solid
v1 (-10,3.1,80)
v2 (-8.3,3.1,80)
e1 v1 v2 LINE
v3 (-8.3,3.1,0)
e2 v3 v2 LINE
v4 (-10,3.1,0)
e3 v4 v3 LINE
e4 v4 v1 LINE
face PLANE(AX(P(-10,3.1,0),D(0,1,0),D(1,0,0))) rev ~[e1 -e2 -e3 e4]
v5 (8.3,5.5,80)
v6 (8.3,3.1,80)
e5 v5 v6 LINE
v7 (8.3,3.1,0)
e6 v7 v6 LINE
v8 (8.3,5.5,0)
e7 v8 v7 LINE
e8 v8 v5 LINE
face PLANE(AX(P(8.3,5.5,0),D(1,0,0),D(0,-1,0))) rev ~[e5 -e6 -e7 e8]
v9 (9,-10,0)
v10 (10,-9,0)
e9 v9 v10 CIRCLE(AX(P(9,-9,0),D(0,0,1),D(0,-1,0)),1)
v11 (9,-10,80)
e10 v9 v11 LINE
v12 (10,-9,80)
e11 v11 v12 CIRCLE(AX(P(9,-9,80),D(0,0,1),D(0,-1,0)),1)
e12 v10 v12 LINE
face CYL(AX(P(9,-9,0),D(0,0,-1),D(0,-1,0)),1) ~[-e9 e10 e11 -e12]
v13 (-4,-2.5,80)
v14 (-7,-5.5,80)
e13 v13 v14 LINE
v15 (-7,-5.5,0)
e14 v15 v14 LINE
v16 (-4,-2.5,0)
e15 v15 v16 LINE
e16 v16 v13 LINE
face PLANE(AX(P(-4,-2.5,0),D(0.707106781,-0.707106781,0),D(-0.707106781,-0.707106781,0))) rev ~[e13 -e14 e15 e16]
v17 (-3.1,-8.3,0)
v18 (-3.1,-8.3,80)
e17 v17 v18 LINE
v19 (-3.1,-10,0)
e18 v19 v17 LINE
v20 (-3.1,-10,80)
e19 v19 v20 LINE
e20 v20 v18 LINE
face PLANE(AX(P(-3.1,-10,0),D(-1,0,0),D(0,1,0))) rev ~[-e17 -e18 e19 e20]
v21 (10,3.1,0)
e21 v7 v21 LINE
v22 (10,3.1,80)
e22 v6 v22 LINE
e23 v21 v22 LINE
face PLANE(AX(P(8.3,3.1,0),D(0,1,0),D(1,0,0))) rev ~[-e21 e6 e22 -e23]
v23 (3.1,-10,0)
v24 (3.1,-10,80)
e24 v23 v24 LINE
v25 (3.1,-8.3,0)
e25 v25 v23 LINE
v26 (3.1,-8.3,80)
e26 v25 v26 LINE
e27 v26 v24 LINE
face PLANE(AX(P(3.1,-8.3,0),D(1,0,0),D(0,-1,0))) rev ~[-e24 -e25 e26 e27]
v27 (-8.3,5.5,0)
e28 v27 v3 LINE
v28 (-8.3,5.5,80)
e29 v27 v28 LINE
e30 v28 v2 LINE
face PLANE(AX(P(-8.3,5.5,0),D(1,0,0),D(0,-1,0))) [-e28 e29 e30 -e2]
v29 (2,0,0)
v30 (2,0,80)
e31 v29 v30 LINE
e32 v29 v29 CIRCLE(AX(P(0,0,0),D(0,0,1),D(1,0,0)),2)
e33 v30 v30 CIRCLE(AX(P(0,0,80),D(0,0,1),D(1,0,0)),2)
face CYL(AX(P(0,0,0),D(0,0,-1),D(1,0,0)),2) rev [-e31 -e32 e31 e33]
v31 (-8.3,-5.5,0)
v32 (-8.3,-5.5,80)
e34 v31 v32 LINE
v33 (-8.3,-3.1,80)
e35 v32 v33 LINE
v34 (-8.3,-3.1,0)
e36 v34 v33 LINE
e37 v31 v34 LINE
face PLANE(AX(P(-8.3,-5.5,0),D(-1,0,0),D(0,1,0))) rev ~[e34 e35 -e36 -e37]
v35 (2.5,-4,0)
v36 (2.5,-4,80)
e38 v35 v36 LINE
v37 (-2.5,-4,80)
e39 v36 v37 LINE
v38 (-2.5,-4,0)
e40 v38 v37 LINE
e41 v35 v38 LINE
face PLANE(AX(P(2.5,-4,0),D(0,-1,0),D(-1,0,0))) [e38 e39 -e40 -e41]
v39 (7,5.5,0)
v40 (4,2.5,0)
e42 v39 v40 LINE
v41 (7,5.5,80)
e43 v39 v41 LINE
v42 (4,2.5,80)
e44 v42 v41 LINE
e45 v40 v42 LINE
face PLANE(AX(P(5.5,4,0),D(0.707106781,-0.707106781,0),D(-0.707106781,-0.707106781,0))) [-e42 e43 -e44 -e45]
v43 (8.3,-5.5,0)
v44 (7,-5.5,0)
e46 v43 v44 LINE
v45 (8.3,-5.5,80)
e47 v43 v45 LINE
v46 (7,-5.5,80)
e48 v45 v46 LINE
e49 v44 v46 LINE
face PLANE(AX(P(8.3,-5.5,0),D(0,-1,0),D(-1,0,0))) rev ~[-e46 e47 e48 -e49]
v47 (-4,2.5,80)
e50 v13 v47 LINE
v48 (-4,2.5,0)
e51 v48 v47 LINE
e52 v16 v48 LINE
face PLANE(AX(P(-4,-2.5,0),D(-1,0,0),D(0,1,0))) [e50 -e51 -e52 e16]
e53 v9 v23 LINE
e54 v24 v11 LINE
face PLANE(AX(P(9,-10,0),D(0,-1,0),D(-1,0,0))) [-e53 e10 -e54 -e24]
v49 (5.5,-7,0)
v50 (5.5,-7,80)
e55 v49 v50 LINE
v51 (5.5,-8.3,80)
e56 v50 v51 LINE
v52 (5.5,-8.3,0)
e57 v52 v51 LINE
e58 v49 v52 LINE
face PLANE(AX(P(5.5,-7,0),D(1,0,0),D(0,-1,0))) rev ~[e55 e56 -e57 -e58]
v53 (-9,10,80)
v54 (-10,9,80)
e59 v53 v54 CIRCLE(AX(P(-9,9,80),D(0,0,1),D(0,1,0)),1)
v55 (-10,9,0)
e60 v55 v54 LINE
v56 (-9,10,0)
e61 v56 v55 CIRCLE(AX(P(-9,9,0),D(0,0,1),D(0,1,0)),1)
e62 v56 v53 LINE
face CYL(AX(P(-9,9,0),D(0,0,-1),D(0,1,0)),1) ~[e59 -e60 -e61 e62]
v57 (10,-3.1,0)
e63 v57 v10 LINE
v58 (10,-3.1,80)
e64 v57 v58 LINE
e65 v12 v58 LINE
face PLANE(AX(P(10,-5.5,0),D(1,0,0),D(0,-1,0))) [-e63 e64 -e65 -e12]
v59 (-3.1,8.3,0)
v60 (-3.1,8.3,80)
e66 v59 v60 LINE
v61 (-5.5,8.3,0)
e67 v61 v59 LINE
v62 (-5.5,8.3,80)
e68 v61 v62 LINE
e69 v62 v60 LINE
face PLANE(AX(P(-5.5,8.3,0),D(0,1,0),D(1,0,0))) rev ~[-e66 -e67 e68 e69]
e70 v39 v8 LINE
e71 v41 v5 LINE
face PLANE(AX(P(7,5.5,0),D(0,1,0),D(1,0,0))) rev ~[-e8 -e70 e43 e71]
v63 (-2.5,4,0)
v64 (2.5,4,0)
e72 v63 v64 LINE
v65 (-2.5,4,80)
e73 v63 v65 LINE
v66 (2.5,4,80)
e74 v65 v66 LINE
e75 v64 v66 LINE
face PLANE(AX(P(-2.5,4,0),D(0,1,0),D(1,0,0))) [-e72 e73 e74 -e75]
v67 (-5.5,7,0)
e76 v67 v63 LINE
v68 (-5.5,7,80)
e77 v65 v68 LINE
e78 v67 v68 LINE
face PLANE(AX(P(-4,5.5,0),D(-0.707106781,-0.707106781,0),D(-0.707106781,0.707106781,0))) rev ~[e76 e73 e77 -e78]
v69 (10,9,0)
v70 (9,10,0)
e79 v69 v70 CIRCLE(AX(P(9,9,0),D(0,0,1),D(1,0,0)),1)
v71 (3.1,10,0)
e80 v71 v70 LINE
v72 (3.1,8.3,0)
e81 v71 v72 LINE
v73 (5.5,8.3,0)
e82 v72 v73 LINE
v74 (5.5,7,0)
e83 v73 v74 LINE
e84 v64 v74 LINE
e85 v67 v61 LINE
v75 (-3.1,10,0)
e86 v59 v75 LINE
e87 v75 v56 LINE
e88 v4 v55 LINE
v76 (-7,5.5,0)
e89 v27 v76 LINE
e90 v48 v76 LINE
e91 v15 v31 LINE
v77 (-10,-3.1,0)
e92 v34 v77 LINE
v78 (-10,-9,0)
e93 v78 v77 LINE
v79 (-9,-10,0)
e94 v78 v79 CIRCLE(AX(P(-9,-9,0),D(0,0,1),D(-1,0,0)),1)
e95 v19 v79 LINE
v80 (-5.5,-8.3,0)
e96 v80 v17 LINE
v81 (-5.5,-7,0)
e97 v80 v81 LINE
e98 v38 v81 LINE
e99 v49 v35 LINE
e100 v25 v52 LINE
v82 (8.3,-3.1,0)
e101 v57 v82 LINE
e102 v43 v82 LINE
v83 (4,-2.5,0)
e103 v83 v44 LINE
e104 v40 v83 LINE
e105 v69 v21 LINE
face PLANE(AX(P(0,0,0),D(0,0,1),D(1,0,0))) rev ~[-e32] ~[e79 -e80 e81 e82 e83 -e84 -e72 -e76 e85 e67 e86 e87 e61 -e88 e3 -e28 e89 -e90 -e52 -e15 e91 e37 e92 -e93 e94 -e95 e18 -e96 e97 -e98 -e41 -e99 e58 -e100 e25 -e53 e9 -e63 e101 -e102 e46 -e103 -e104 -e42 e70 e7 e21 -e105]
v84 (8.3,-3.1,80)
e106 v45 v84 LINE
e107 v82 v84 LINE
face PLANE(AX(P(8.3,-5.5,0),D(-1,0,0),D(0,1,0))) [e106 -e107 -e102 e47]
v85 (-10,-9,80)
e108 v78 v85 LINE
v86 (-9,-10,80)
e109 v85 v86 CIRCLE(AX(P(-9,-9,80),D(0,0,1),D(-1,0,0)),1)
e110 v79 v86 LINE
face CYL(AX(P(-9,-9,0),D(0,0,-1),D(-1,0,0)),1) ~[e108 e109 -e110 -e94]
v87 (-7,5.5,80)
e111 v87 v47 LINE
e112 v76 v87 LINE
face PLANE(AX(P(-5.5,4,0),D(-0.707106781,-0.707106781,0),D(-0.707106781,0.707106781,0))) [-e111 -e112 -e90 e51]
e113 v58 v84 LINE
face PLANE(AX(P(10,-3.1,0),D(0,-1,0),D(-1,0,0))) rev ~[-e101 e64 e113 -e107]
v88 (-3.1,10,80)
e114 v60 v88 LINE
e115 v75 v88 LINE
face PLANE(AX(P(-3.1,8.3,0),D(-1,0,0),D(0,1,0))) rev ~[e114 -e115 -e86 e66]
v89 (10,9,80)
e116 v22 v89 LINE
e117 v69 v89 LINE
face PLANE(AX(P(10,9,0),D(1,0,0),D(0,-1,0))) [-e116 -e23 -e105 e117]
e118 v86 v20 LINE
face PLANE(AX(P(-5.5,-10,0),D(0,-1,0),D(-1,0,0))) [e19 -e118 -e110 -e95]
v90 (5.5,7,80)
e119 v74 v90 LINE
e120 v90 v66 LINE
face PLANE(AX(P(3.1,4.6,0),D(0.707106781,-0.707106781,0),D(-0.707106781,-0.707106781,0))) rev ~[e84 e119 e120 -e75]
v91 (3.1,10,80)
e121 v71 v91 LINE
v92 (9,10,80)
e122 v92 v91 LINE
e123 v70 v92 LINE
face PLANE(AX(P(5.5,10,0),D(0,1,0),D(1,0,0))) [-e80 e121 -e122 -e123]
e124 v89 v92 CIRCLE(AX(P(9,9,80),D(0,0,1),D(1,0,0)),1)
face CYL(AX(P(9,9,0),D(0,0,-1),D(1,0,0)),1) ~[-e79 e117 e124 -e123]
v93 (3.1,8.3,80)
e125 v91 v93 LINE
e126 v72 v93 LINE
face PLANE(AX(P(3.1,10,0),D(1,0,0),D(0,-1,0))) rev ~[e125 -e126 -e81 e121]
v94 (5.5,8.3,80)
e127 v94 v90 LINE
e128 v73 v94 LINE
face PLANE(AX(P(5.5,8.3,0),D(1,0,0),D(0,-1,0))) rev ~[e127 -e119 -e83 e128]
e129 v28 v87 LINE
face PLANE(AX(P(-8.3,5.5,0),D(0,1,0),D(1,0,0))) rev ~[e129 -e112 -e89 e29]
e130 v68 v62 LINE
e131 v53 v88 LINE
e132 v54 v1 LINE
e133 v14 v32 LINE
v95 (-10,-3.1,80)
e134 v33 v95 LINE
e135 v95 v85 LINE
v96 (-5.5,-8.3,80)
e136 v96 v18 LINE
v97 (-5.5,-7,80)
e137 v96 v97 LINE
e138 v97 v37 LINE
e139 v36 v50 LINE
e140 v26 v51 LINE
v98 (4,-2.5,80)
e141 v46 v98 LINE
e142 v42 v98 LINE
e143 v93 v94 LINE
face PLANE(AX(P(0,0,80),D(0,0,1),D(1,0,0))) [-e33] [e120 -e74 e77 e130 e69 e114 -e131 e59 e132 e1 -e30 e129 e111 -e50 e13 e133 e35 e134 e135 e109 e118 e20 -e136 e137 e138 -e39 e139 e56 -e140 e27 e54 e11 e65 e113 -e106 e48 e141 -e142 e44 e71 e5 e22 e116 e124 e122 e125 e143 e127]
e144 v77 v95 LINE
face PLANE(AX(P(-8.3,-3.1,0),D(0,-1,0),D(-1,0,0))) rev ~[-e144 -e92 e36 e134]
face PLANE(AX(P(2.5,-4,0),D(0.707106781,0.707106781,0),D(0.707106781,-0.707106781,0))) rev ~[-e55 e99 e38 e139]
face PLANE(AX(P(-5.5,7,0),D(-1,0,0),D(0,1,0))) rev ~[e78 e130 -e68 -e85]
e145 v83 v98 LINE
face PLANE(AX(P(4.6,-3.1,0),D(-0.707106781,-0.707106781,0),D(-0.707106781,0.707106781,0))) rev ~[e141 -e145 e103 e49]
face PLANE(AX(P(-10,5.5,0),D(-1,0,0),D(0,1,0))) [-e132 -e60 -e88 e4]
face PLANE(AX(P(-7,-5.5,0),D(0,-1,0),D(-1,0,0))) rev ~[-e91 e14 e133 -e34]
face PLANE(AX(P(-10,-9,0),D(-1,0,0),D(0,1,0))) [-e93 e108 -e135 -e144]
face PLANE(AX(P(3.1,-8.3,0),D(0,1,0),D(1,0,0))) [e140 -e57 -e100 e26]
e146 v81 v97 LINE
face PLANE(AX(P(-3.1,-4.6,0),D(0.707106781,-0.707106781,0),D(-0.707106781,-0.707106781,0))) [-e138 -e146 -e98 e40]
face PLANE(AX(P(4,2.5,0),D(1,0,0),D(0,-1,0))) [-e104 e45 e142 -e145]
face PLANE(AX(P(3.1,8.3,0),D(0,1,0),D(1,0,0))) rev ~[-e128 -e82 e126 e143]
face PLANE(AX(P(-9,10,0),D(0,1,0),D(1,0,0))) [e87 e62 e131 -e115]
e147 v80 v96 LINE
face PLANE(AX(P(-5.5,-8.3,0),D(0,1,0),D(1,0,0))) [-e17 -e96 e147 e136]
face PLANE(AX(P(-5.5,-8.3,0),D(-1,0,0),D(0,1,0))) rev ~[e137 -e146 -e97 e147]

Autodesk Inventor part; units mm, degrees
ref_plane "YZ Plane" through (0, 0, 0) normal (1, 0, 0) x (0, 1, 0)
ref_plane "XZ Plane" through (0, 0, 0) normal (0, 1, 0) x (-1, 0, 0)
ref_plane "XY Plane" through (0, 0, 0) normal (0, 0, 1) x (1, 0, 0)
sketch "Sketch1" plane through (0, 0, 0) normal (0, 0, 1) x (1, 0, 0)
  line L0 (-9, 10) -> (9, 10)
  line L1 (10, 9) -> (10, -9)
  line L2 (9, -10) -> (-9, -10)
  line L3 (-10, -9) -> (-10, 9)
  line L4 (-10, 10) -> (10, -10) construction
  line L5 (10, 10) -> (-10, -10) construction
  circle A0 centre (0, 0) radius 2
  line L6 (-4, 4) -> (4, 4)
  line L7 (4, 4) -> (4, -4)
  line L8 (4, -4) -> (-4, -4)
  line L9 (-4, -4) -> (-4, 4)
  line L10 (-4, 4) -> (4, -4) construction
  line L11 (4, 4) -> (-4, -4) construction
  arc A1 (-9, 10) -> (-10, 9) centre (-9, 9) ccw
  arc A2 (10, 9) -> (9, 10) centre (9, 9) ccw
  arc A3 (9, -10) -> (10, -9) centre (9, -9) ccw
  arc A4 (-10, -9) -> (-9, -10) centre (-9, -9) ccw
  line L12 (-3.1, 10) -> (3.1, 10)
  line L13 (3.1, 10) -> (3.1, -10)
  line L14 (3.1, -10) -> (-3.1, -10)
  line L15 (-3.1, -10) -> (-3.1, 10)
  line L16 (-10, 3.1) -> (10, 3.1)
  line L17 (10, 3.1) -> (10, -3.1)
  line L18 (10, -3.1) -> (-10, -3.1)
  line L19 (-10, -3.1) -> (-10, 3.1)
  line L20 (-5.5, 10) -> (5.5, 10)
  line L21 (5.5, 10) -> (5.5, -10)
  line L22 (5.5, -10) -> (-5.5, -10)
  line L23 (-5.5, -10) -> (-5.5, 10)
  line L24 (-10, 5.5) -> (10, 5.5)
  line L25 (10, 5.5) -> (10, -5.5)
  line L26 (10, -5.5) -> (-10, -5.5)
  line L27 (-10, -5.5) -> (-10, 5.5)
  line L28 (-8.3, 5.5) -> (-8.3, 3.1)
  line L29 (-8.3, -5.5) -> (-8.3, -3.1)
  line L30 (8.3, -5.5) -> (8.3, -3.1)
  line L31 (8.3, 5.5) -> (8.3, 3.1)
  line L32 (-5.5, 8.3) -> (-3.1, 8.3)
  line L33 (3.1, 8.3) -> (5.5, 8.3)
  line L34 (-5.5, -8.3) -> (-3.1, -8.3)
  line L35 (3.1, -8.3) -> (5.5, -8.3)
  line L36 (-4, 2.5) -> (-7, 5.5)
  line L37 (-4, 2.5) -> (0.2426, 2.5) construction
  line L38 (-4, -2.5) -> (-7, -5.5)
  line L39 (-4, -2.5) -> (0.2426, -2.5) construction
  line L40 (-2.5, 4) -> (-5.5, 7)
  line L41 (-2.5, 4) -> (1.7426, 4) construction
  line L42 (5.5, 7) -> (2.5, 4)
  line L43 (5.5, 7) -> (9.7426, 7) construction
  line L44 (7, 5.5) -> (4, 2.5)
  line L45 (7, 5.5) -> (11.2426, 5.5) construction
  line L46 (7, -5.5) -> (4, -2.5)
  line L47 (7, -5.5) -> (11.2426, -5.5) construction
  line L48 (2.5, -4) -> (5.5, -7)
  line L49 (2.5, -4) -> (6.7426, -4) construction
  line L50 (-2.5, -4) -> (-5.5, -7)
  line L51 (-2.5, -4) -> (1.7426, -4) construction
  point P0 (3.1, -3.1)
  point P1 (3.1, -5.5)
  point P2 (5.5, -5.5)
  point P3 (10, 3.1)
  point P4 (-5.5, -5.5)
  point P5 (-3.1, -5.5)
  point P6 (-3.1, -3.1)
  dimension "d0" = 20
  dimension "d1" = 20
  dimension "d2" = 4
  dimension "d3" = 8
  dimension "d4" = 8
  dimension "d5" = 1
  dimension "d6" = 6.2
  dimension "d7" = 3.1
  dimension "d8" = 6.2
  dimension "d9" = 3.1
  dimension "d10" = 11
  dimension "d11" = 5.5
  dimension "d12" = 11
  dimension "d13" = 5.5
  dimension "d14" = 4.3
  dimension "d15" = 4.3
  dimension "d16" = 4.3
  dimension "d17" = 4.3
  dimension "d18" = 135
  dimension "d19" = 135
  dimension "d20" = 135
  dimension "d21" = 135
  dimension "d22" = 135
  dimension "d23" = 135
  dimension "d24" = 1.3
  dimension "d25" = 1.3
  dimension "d26" = 1.3
  dimension "d27" = 1.3
  dimension "d28" = 1.3
  dimension "d29" = 1.3
  dimension "d32" = 45
  dimension "d33" = 135
  dimension "d34" = 1.3
  dimension "d35" = 1.3
extrude "Extrusion1" add sketch "Sketch1" along normal blind 80 contours L0 L23 L24 L3 A1 | L0 L15 L32 L23 | L24 L28 L16 L3 | L0 L21 L33 L13 | L40 L24 L23 | L0 A2 L1 L24 L21 | L24 L40 L15 L6 L9 L16 L36 L23 | L23 L36 L24 | L18 L29 L26 L3 | L40 L6 L15 | L26 L23 L2 A4 L3 | L21 L24 L42 | L42 L24 L21 L44 L16 L7 L6 L13 | L13 L6 L42 | L15 L16 L9 L6 | L6 L13 L16 L15 | L16 L9 L36 | L1 L16 L31 L24 | L24 L44 L21 | L6 L7 L16 L13 | L16 L13 L18 L15 | L15 L18 L9 L16 | L38 L23 L26 | L38 L9 L18 | L18 L9 L8 L15 L50 L26 L23 L38 | L16 L7 L18 L13 | L18 L13 L8 L15 | L15 L8 L9 L18 | L23 L34 L15 L2 | L26 L50 L23 | L1 L26 L30 L18 | L44 L7 L16 | L18 L7 L8 L13 | L8 L50 L15 | L1 A3 L2 L21 L26 | L13 L48 L8 | L8 L7 L18 L46 L21 L26 L48 L13 | L7 L46 L18 | L13 L35 L21 L2 | L46 L26 L21 | L21 L48 L26
equation "\"d7\" = 0.5 * d6"
equation "\"d8\" = d6"
equation "\"d9\" = 0.5 * d6"
equation "\"d11\" = 0.5 * d10"
equation "\"d12\" = d10"
equation "\"d13\" = 0.5 * d12"
properties part number "Aluminum_Profile_202080" material "Aluminum 6061, Welded"
